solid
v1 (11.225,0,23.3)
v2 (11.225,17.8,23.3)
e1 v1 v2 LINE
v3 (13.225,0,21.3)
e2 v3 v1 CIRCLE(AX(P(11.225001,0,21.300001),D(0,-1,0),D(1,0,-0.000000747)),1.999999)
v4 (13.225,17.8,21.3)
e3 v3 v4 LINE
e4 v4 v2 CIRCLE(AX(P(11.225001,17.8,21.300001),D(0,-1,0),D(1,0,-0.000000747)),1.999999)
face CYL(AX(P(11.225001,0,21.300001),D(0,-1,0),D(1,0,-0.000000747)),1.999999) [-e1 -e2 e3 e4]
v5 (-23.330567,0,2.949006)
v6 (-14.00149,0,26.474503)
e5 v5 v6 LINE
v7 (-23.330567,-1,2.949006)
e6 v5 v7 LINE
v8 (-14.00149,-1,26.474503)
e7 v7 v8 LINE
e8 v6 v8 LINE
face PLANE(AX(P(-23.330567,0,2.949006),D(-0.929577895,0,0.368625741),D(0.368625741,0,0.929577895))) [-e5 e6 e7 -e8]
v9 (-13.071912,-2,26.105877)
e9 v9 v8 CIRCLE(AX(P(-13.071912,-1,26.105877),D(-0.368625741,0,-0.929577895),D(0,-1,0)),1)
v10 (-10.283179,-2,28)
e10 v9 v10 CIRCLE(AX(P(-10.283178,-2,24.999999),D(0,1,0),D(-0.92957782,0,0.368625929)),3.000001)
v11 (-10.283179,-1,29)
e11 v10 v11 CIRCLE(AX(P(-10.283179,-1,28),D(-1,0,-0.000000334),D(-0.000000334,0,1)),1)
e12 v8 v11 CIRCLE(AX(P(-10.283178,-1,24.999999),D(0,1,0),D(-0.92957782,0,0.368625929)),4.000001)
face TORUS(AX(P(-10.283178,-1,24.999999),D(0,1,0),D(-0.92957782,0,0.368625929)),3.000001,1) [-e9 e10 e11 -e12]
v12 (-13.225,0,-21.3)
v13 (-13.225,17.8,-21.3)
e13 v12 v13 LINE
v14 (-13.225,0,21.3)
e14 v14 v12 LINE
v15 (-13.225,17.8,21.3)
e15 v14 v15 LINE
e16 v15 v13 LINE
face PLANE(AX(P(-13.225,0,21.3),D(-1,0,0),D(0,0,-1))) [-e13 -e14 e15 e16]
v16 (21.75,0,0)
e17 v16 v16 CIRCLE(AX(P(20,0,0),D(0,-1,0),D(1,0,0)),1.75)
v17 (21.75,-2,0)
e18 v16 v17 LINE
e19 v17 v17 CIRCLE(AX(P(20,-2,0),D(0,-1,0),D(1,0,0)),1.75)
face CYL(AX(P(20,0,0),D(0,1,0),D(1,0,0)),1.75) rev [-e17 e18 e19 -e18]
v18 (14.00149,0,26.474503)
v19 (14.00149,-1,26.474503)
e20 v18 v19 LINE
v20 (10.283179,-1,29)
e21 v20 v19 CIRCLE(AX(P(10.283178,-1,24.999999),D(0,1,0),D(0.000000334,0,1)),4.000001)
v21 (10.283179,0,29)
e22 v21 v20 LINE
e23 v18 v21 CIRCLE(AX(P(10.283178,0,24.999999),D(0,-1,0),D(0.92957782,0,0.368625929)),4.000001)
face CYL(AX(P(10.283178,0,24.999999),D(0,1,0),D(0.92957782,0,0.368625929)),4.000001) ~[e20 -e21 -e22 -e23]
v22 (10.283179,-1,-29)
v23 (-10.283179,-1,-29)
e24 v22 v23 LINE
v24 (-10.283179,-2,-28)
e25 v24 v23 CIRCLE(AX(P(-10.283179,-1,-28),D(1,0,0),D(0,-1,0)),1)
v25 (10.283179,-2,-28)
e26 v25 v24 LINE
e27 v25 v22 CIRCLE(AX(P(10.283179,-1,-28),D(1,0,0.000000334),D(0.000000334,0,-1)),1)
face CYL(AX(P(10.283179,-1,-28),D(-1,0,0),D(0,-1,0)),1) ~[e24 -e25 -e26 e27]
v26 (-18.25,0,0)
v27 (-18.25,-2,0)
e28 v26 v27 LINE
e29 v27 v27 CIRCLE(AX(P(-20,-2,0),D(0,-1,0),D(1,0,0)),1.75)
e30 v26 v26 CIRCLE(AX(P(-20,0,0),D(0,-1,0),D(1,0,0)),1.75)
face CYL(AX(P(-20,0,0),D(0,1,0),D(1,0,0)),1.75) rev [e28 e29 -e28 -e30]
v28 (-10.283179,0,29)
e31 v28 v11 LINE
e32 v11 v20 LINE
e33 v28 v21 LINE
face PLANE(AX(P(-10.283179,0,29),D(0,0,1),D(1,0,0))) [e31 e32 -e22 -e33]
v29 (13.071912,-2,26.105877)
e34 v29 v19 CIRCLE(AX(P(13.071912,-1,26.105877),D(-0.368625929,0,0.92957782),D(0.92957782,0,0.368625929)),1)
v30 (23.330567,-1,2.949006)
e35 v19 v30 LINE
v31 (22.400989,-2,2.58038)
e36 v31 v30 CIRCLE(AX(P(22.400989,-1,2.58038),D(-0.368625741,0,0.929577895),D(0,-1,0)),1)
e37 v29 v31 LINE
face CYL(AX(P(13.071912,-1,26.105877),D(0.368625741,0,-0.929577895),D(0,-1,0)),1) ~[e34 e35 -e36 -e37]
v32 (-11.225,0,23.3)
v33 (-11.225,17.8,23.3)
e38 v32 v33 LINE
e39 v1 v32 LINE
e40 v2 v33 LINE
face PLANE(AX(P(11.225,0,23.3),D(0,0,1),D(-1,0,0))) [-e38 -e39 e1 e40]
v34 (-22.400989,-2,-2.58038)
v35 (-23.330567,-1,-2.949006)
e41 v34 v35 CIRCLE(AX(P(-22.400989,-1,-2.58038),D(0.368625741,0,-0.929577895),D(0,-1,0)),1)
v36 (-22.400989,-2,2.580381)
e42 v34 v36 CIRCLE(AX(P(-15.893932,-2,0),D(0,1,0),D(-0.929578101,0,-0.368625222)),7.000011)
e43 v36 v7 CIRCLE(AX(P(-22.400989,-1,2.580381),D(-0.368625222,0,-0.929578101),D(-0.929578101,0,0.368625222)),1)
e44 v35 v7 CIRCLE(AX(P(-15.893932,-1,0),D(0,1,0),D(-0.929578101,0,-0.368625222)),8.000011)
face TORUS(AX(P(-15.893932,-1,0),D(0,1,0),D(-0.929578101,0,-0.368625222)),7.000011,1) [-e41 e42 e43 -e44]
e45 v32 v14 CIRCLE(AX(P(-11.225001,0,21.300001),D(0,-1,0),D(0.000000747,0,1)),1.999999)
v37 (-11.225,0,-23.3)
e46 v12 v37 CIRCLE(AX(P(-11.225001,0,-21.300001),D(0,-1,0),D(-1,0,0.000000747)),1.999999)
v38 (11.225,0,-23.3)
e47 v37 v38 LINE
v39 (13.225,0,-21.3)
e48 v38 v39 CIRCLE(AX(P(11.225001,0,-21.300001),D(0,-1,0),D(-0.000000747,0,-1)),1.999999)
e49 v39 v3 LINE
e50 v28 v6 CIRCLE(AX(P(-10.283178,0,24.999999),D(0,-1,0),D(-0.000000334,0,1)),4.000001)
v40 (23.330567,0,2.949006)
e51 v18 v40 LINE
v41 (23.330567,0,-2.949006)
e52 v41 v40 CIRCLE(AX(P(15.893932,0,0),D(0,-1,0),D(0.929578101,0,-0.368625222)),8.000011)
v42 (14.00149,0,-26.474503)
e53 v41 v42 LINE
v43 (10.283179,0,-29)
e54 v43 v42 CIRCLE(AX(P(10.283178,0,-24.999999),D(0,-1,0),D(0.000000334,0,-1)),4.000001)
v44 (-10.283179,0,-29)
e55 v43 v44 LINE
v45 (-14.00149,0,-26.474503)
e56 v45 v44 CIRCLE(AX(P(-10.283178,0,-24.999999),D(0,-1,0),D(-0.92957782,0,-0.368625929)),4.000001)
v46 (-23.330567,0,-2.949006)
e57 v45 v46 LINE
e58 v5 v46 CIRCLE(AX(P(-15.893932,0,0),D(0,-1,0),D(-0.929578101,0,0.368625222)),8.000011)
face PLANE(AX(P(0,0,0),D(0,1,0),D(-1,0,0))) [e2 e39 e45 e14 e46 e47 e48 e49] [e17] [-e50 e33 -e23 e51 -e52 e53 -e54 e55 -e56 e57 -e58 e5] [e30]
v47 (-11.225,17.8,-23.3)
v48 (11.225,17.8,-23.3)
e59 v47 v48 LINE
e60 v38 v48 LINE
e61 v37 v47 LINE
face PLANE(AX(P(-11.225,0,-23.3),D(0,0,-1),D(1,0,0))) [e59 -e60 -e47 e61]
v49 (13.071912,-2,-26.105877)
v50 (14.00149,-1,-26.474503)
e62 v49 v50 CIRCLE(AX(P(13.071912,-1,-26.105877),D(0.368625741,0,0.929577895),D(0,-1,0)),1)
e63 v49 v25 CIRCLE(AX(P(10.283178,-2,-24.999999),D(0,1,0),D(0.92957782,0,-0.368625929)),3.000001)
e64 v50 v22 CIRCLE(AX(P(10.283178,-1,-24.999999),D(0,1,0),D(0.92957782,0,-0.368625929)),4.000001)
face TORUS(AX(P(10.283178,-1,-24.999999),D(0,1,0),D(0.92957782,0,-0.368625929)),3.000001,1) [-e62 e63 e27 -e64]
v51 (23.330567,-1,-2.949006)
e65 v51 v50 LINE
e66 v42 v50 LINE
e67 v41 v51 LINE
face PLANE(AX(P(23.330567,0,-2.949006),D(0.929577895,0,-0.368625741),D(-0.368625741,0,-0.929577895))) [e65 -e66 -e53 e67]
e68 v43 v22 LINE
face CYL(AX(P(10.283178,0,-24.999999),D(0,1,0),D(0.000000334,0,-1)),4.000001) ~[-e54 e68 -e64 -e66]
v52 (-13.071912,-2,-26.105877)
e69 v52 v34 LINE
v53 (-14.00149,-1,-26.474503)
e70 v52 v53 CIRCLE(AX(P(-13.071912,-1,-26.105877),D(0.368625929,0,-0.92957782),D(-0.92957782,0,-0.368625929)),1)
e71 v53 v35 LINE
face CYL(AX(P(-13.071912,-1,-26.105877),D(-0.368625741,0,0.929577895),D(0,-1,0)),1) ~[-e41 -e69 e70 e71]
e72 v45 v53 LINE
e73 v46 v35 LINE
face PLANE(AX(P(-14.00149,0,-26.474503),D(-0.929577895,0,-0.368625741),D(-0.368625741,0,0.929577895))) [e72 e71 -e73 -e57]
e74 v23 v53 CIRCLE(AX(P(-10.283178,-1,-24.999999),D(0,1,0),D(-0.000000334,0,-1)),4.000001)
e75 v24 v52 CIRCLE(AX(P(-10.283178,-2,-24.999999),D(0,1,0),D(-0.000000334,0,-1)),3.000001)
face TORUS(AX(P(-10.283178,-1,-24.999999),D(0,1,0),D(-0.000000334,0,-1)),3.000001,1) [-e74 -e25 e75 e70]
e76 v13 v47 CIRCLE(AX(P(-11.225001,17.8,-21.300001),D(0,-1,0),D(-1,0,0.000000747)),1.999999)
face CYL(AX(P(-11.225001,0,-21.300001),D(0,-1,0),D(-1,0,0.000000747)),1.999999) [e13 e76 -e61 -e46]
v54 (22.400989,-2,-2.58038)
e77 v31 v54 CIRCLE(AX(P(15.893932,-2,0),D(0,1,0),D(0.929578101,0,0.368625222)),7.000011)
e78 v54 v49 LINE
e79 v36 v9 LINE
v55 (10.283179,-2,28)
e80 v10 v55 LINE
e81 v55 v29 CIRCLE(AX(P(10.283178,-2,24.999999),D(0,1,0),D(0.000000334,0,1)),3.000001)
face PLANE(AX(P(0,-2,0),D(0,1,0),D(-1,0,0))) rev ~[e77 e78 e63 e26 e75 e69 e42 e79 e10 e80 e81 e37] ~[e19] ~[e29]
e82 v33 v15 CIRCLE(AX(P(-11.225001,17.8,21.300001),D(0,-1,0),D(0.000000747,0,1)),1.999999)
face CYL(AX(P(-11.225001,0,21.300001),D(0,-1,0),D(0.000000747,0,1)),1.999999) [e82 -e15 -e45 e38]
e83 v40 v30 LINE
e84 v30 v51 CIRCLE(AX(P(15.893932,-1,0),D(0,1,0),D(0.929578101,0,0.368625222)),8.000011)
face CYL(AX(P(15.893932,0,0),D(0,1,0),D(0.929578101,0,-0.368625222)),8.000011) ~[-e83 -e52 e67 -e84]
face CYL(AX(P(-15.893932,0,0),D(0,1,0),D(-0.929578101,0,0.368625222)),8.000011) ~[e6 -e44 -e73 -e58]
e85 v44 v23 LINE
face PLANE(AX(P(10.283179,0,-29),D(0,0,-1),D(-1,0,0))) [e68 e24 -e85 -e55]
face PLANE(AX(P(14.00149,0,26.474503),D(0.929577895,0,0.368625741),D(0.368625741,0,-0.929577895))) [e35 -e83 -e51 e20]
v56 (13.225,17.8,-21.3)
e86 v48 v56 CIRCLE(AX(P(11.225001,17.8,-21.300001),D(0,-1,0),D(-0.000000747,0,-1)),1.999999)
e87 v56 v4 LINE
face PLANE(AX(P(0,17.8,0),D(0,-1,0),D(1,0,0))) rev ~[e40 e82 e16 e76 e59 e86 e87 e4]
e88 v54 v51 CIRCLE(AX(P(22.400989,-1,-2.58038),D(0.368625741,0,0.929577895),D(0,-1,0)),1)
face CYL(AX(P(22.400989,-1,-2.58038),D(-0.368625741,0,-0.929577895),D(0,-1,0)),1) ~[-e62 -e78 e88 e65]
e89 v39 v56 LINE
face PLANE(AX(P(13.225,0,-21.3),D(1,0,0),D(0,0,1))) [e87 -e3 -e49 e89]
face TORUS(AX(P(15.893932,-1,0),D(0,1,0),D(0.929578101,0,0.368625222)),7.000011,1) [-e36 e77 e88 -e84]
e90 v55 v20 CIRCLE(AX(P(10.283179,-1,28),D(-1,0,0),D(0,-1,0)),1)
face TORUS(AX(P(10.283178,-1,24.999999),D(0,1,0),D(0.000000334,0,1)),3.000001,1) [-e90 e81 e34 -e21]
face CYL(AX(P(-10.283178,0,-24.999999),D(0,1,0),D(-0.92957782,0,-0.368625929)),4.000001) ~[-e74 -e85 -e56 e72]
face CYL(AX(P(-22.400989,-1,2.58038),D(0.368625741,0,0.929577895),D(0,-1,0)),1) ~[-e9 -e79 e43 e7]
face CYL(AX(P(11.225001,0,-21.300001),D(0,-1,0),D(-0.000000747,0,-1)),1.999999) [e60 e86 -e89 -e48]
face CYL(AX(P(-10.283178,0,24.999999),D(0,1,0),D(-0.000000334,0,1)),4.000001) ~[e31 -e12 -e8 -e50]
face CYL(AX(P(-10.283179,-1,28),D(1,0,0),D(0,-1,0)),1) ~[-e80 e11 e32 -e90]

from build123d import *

# Parameters (mm, degrees)
PAD027_DEPTH = 17.8
SKETCH063_R  = 1.75
PAD112_DEPTH = 2
FILLET010_R  = 1


with BuildPart() as part:
    # Sketch062 → Pad027 (new body)
    with BuildSketch(Plane.XZ):
        with BuildLine():
            Line((-13.225, 21.3), (-13.225, -21.3))
            ThreePointArc((-13.225, -21.3), (-12.639214, -22.714214), (-11.225, -23.3))
            Line((-11.225, -23.3), (11.225, -23.3))
            ThreePointArc((11.225, -23.3), (12.639214, -22.714214), (13.225, -21.3))
            Line((13.225, -21.3), (13.225, 21.3))
            ThreePointArc((13.225, 21.3), (12.639214, 22.714214), (11.225, 23.3))
            Line((11.225, 23.3), (-11.225, 23.3))
            ThreePointArc((-11.225, 23.3), (-12.639214, 22.714214), (-13.225, 21.3))
        make_face()
    extrude(amount=-PAD027_DEPTH)

    # Sketch063 → Pad112 (join)
    with BuildSketch(Plane.XZ):
        with BuildLine():
            Line((-10.283179, 29), (10.283179, 29))
            ThreePointArc((14.00149, 26.474503), (12.53062, 28.308928), (10.283179, 29))
            Line((14.00149, 26.474503), (23.330567, 2.949006))
            ThreePointArc((23.330567, -2.949006), (23.893943, 0), (23.330567, 2.949006))
            Line((23.330567, -2.949006), (14.00149, -26.474503))
            ThreePointArc((10.283179, -29), (12.53062, -28.308928), (14.00149, -26.474503))
            Line((10.283179, -29), (-10.283179, -29))
            ThreePointArc((-14.00149, -26.474503), (-12.53062, -28.308928), (-10.283179, -29))
            Line((-14.00149, -26.474503), (-23.330567, -2.949006))
            ThreePointArc((-23.330567, 2.949006), (-23.893943, 0), (-23.330567, -2.949006))
            Line((-23.330567, 2.949006), (-14.00149, 26.474503))
            ThreePointArc((-10.283179, 29), (-12.53062, 28.308928), (-14.00149, 26.474503))
        make_face()
        with Locations((20, 0)):
            Circle(SKETCH063_R, mode=Mode.SUBTRACT)
        with Locations((-20, 0)):
            Circle(SKETCH063_R, mode=Mode.SUBTRACT)
    extrude(amount=PAD112_DEPTH)

    # Fillet010
    fillet010_edges = [part.edges().sort_by_distance(p)[0] for p in [
        (18.666028, -2, -14.711754),
    ]]
    fillet(fillet010_edges, radius=FILLET010_R)


solid = part.part
